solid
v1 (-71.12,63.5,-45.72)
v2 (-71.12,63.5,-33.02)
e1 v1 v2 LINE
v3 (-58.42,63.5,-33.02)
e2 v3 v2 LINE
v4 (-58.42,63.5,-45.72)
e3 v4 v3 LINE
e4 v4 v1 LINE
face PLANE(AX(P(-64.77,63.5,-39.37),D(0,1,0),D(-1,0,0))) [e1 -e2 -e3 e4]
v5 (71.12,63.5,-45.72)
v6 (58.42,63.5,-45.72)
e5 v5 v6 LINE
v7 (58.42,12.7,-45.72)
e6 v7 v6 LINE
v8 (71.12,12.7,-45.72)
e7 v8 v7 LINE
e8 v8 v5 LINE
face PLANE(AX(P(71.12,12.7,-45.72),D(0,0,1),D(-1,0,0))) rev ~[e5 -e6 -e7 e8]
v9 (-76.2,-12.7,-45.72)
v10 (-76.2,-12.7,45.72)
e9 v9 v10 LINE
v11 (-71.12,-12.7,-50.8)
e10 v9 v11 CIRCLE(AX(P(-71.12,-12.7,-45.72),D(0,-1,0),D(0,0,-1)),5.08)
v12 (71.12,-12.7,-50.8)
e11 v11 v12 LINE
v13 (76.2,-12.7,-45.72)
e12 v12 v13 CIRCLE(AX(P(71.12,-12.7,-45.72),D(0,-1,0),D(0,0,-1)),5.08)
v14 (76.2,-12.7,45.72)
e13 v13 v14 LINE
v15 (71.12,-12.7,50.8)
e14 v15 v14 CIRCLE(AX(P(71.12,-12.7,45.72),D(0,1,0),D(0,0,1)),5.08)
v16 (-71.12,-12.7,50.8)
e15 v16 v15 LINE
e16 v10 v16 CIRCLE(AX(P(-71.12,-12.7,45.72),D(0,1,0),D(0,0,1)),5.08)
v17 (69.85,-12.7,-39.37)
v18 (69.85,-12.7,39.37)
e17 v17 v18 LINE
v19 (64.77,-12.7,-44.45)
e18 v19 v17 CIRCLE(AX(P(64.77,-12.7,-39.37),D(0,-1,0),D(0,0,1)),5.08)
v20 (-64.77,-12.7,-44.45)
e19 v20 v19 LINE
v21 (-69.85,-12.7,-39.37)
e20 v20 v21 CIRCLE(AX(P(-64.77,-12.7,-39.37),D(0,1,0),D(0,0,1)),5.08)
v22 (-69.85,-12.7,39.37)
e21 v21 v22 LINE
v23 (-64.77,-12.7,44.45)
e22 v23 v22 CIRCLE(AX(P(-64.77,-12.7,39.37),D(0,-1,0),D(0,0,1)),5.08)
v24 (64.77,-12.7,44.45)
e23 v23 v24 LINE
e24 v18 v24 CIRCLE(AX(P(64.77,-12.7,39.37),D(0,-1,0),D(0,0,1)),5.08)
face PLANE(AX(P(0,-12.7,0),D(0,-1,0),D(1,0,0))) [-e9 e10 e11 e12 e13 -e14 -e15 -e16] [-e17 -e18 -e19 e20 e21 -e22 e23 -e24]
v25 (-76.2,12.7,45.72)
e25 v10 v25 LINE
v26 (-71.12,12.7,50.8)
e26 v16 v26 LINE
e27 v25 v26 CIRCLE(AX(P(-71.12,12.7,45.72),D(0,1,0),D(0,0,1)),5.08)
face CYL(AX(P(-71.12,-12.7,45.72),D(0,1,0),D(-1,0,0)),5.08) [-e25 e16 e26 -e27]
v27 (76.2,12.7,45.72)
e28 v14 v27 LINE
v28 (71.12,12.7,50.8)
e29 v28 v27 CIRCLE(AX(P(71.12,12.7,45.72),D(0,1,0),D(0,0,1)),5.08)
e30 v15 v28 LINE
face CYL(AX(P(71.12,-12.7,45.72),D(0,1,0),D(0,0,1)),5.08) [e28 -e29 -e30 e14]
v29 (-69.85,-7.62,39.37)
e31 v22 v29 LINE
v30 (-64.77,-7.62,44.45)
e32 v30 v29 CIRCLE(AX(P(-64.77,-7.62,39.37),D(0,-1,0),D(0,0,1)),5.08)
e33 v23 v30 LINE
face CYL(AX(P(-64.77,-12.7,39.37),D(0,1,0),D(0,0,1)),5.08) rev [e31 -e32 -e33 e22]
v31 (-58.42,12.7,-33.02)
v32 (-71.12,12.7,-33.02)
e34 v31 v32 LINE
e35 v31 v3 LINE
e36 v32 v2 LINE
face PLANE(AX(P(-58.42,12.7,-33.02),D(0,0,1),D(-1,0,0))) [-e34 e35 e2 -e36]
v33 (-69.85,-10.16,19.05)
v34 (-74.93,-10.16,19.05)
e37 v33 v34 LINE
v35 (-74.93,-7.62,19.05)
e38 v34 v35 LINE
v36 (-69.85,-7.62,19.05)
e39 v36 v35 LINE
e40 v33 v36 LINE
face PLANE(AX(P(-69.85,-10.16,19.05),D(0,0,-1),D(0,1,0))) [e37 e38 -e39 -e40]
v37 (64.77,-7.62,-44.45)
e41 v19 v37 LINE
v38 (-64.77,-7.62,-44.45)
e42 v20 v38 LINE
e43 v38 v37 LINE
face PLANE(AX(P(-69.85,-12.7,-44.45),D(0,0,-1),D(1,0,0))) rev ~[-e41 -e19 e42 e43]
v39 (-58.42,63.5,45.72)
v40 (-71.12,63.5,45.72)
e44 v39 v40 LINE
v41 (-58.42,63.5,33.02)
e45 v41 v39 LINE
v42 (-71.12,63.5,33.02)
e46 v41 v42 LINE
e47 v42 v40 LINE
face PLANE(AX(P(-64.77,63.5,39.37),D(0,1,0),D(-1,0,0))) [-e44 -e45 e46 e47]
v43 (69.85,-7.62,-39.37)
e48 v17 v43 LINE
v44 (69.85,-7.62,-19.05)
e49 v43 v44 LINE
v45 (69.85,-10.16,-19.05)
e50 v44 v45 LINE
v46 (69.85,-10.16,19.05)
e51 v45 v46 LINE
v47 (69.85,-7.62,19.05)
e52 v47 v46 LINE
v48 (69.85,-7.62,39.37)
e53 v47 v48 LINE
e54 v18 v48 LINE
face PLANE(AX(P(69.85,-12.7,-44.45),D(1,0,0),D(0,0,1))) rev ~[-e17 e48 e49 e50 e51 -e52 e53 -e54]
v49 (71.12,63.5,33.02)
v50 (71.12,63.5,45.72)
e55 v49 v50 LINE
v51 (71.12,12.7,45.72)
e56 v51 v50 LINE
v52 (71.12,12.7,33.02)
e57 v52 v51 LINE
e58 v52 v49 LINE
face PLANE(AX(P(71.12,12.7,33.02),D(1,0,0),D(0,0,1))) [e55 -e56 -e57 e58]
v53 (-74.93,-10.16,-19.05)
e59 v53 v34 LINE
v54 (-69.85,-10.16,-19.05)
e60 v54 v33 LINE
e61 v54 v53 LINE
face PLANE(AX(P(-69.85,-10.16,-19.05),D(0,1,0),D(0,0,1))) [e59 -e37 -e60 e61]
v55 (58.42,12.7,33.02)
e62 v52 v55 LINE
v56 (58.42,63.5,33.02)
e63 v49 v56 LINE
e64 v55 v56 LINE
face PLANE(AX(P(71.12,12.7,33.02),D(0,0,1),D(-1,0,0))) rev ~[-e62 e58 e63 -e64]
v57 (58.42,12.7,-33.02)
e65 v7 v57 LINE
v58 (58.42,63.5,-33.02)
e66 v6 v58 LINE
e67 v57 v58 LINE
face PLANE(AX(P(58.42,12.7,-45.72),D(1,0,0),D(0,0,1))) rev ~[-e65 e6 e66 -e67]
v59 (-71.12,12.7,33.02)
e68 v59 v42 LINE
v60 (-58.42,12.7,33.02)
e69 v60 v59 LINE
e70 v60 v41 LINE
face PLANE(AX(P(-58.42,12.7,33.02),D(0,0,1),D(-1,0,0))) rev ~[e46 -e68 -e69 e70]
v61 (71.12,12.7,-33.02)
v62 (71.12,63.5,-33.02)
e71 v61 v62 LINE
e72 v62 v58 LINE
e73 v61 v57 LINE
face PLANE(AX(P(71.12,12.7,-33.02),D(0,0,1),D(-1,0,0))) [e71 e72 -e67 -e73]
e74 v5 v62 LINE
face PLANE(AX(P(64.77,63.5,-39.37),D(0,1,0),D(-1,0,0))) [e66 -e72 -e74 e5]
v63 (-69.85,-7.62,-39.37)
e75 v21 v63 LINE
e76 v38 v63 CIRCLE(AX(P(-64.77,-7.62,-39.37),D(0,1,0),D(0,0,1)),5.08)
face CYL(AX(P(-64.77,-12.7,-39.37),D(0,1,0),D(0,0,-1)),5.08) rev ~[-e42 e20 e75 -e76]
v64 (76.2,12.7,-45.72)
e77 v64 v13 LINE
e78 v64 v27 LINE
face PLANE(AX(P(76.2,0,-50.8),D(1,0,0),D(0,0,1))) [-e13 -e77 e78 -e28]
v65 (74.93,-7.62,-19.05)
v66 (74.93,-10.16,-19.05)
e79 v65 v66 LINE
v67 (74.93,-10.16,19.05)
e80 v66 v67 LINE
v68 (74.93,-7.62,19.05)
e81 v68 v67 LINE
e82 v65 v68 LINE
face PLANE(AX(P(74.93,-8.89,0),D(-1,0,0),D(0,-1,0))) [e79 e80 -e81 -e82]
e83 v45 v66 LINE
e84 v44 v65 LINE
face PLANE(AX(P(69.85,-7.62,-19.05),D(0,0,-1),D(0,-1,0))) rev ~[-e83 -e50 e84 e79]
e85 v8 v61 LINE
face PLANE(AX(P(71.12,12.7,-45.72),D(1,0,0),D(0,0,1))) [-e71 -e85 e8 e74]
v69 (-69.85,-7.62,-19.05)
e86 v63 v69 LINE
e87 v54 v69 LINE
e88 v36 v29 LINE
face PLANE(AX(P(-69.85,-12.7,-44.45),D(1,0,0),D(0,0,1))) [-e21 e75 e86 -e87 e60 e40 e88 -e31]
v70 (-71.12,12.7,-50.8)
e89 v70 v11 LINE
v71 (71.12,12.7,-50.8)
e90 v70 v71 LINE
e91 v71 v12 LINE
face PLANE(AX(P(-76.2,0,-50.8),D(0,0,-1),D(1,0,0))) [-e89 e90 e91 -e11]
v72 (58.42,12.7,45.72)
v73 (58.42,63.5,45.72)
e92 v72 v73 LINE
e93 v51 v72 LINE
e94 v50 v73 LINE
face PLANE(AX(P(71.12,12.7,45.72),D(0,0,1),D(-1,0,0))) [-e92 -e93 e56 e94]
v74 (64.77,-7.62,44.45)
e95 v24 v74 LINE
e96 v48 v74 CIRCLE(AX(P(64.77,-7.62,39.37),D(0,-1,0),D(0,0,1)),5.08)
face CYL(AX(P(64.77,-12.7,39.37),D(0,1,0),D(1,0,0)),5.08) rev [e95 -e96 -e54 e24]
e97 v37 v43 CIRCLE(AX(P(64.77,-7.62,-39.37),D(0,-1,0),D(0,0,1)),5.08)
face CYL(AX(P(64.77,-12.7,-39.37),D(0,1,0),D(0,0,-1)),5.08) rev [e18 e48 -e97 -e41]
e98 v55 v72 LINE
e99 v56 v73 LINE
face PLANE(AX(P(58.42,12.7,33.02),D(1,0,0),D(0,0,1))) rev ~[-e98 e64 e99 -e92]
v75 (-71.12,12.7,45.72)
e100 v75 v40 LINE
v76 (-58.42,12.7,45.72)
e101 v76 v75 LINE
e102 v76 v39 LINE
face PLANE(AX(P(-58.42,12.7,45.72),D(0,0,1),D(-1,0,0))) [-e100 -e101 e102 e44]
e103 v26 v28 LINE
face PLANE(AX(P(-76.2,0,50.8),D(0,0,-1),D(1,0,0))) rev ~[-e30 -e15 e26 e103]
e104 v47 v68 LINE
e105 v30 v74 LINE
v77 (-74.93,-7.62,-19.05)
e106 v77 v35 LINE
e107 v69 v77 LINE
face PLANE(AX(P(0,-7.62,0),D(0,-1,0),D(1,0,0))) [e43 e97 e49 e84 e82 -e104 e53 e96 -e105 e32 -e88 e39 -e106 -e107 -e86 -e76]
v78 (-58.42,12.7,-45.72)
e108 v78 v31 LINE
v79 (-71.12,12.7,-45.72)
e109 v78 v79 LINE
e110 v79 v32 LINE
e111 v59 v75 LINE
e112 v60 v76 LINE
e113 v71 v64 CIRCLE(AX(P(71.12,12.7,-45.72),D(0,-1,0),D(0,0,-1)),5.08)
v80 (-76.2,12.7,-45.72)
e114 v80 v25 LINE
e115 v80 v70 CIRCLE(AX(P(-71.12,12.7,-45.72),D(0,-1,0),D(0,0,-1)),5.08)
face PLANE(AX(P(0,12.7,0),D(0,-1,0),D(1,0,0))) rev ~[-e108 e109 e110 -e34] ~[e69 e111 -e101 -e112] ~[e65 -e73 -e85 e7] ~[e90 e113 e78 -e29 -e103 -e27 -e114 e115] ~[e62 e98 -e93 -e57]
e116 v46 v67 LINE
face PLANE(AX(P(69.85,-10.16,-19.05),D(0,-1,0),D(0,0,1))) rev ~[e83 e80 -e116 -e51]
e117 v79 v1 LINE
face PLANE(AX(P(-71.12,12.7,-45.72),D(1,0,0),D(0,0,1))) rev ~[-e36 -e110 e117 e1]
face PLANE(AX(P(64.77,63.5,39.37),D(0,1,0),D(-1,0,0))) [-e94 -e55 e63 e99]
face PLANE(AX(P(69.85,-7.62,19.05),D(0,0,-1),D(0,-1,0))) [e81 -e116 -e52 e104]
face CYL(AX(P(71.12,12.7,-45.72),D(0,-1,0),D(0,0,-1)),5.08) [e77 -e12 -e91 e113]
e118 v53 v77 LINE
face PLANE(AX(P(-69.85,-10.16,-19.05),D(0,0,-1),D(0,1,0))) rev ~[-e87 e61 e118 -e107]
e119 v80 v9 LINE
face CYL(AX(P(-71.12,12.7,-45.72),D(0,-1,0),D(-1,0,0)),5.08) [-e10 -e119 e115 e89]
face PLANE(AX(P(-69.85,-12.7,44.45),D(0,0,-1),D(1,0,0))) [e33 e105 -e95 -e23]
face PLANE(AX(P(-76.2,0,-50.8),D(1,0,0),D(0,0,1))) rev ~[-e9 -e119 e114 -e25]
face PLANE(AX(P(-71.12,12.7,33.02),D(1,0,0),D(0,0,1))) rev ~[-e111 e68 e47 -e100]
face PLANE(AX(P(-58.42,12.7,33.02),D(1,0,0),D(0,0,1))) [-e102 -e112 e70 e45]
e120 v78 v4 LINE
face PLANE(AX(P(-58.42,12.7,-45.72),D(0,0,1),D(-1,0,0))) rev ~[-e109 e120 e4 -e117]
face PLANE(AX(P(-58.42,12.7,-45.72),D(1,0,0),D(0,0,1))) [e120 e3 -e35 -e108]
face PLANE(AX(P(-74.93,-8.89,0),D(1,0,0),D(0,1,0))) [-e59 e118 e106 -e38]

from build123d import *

# Parameters (mm, degrees)
F0_W      = 152.4
F0_H      = 101.6
F1_DEPTH  = 12.7
F2_W      = 139.7
F2_H      = 88.9
F3_DEPTH  = 5.08
F4_R      = 5.08
F5_W      = 2.54
F5_H      = 38.1
F6_DEPTH  = 5.08
F7_W      = 2.54
F7_H      = 38.1
F8_DEPTH  = 5.08
F9_W      = 12.7
F9_H      = 12.7
F10_DEPTH = 50.8


with BuildPart() as f1:
    # F0 (on Front) → F1 (new body, symmetric)
    with BuildSketch(Plane.XZ):
        Rectangle(F0_W, F0_H)
    extrude(amount=F1_DEPTH, both=True)

    # F2 (on face) → F3 (cut)
    with BuildSketch(Plane.XZ.offset(12.7)):
        Rectangle(F2_W, F2_H)
    extrude(amount=-F3_DEPTH, mode=Mode.SUBTRACT)

    # F4
    f4_edges = [f1.edges().sort_by_distance(p)[0] for p in [
        (-69.85, -10.16, -44.45),
        (69.85, -10.16, -44.45),
        (69.85, -10.16, 44.45),
        (-69.85, -10.16, 44.45),
        (-76.2, 0, 50.8),
        (-76.2, 0, -50.8),
        (76.2, 0, 50.8),
        (76.2, 0, -50.8),
    ]]
    fillet(f4_edges, radius=F4_R)

    # F5 (on face) → F6 (cut)
    with BuildSketch(Plane.YZ.offset(-69.85)):
        with Locations((-8.89, 0)):
            Rectangle(F5_W, F5_H)
    extrude(amount=-F6_DEPTH, mode=Mode.SUBTRACT)

    # F7 (on face) → F8 (cut)
    with BuildSketch(Plane(origin=(69.85, 0, 0), x_dir=(0, -1, 0), z_dir=(-1, 0, 0))):
        with Locations((8.89, 0)):
            Rectangle(F7_W, F7_H)
    extrude(amount=-F8_DEPTH, mode=Mode.SUBTRACT)

    # F9 (on face) → F10 (join)
    with BuildSketch(Plane(origin=(0, 12.7, 0), x_dir=(-1, 0, 0), z_dir=(0, 1, 0))):
        with Locations((64.77, 39.37)):
            Rectangle(F9_W, F9_H)
        with Locations((64.77, -39.37)):
            Rectangle(F9_W, F9_H)
        with Locations((-64.77, 39.37)):
            Rectangle(F9_W, F9_H)
        with Locations((-64.77, -39.37)):
            Rectangle(F9_W, F9_H)
    extrude(amount=F10_DEPTH)


solid = f1.part
